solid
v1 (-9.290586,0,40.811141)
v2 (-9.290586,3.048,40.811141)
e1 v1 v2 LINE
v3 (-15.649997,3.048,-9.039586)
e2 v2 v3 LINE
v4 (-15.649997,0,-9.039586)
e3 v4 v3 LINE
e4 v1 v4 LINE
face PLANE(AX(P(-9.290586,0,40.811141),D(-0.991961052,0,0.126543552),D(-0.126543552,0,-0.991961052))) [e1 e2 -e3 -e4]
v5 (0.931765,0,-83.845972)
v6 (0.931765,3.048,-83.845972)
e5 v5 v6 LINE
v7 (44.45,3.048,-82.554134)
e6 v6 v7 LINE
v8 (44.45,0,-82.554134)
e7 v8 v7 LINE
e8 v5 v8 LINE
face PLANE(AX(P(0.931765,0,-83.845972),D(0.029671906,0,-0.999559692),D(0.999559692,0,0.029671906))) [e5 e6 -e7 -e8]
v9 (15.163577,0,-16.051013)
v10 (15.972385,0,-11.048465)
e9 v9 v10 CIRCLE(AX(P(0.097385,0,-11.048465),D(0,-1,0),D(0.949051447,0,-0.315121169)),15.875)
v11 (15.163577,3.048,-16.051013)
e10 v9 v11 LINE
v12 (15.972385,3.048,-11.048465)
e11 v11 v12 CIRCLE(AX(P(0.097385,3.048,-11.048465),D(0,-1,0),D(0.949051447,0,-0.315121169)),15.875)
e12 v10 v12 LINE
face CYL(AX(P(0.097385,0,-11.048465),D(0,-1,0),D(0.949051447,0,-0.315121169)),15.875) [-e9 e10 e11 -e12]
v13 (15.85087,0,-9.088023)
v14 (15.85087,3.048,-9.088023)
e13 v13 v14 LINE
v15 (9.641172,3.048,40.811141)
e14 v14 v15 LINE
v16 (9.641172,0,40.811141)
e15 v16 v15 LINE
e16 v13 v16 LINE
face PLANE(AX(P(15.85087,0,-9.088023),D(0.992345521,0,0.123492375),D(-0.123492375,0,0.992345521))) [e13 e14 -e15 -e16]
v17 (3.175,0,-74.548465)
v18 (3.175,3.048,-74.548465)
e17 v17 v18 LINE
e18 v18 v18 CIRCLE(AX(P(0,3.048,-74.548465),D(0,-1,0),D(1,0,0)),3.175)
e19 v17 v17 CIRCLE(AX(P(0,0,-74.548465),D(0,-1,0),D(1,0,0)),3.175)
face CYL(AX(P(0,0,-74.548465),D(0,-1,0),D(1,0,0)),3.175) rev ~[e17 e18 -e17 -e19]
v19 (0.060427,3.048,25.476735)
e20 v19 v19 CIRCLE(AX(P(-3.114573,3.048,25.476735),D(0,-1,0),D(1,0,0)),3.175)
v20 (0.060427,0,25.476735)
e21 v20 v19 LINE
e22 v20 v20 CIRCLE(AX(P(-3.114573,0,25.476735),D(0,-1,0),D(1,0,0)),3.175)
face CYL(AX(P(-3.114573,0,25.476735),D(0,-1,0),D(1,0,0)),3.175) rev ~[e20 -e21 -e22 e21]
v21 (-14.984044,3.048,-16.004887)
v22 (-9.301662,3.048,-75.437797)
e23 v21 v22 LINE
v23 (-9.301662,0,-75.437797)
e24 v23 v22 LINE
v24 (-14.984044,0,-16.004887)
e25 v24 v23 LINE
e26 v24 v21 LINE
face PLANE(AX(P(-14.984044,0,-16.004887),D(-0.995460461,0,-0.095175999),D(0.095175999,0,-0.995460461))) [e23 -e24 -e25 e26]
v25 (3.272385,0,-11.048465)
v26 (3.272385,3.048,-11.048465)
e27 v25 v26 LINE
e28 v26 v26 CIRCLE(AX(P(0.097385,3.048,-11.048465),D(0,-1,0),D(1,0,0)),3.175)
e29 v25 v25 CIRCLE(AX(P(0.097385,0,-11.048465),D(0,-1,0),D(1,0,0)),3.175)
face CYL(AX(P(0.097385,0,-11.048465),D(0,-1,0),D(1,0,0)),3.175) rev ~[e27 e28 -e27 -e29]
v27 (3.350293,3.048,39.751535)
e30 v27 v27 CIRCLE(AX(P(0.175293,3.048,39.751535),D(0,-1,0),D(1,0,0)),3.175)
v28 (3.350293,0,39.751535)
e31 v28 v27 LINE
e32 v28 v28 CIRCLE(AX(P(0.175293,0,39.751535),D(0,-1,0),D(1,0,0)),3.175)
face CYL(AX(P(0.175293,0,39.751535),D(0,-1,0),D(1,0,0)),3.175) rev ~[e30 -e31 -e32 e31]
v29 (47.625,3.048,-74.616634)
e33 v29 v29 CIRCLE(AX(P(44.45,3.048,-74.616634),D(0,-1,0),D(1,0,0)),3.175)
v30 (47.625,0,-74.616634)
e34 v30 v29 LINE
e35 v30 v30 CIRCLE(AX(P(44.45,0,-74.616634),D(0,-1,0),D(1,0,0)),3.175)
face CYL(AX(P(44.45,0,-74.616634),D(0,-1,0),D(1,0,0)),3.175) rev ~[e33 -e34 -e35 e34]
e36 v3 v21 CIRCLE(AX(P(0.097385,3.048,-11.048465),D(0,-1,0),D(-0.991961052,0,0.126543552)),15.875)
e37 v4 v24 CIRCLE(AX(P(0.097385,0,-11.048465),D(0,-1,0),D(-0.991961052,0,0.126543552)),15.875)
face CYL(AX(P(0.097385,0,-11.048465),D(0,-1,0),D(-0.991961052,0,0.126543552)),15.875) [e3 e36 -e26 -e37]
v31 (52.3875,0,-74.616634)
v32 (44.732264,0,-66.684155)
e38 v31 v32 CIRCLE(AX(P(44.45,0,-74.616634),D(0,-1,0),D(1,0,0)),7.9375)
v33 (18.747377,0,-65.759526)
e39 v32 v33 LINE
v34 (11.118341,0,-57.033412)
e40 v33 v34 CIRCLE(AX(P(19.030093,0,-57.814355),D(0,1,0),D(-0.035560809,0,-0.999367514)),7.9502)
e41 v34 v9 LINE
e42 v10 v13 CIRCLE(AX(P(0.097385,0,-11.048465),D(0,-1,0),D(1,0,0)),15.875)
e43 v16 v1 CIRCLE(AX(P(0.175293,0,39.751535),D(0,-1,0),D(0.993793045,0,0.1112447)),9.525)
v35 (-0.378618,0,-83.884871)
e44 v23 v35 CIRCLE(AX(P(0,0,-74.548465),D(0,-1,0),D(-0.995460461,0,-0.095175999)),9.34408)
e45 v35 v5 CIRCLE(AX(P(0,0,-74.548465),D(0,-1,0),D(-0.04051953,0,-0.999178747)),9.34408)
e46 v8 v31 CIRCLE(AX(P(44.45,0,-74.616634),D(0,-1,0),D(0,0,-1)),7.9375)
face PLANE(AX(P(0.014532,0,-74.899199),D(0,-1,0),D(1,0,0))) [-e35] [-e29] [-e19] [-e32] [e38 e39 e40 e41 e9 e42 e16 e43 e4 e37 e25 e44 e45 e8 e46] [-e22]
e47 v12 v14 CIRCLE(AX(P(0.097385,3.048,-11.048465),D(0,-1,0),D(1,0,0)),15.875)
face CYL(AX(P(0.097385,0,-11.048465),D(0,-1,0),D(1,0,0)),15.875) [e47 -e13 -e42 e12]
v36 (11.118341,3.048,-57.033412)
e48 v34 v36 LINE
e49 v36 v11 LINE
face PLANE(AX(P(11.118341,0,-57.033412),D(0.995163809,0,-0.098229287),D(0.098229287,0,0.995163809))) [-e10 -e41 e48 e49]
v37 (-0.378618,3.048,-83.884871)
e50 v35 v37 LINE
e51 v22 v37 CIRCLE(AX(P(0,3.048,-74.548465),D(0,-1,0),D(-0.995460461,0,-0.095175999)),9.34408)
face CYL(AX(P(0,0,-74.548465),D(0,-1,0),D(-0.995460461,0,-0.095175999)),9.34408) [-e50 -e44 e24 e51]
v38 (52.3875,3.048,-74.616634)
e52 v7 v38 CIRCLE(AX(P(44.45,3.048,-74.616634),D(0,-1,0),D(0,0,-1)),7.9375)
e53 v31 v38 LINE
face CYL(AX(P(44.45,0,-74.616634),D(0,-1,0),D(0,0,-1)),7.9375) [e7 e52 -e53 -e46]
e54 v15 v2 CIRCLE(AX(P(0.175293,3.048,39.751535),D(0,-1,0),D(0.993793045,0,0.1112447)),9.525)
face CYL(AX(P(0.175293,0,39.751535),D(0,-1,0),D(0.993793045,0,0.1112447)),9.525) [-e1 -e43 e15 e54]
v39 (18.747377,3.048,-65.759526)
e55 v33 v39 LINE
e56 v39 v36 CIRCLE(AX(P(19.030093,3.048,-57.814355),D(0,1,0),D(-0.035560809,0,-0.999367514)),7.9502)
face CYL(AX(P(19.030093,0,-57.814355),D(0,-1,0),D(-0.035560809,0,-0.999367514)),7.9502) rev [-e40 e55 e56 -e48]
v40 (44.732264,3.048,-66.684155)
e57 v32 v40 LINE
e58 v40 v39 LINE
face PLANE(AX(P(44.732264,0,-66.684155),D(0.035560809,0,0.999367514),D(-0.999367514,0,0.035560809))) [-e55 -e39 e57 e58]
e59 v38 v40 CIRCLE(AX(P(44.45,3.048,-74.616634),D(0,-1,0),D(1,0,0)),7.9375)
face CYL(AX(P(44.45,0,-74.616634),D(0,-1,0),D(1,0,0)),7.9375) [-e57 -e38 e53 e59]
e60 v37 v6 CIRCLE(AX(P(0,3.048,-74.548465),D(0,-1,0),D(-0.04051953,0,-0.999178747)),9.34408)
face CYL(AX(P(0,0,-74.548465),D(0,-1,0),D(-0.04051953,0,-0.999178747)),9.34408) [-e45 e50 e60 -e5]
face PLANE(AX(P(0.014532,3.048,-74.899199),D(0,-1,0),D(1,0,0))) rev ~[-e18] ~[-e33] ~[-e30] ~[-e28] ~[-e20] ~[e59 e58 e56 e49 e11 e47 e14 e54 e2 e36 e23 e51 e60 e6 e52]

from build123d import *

# Parameters (mm, degrees)
F0_R     = 3.175
F1_DEPTH = 3.048


with BuildPart() as f1:
    # F0 (on Front) → F1 (new body)
    with BuildSketch(Plane.XZ):
        with BuildLine():
            ThreePointArc((0.9317650018, -83.8459721666), (6.9288640955, -80.8176490707), (9.3440798747, -74.5484648293))
            ThreePointArc((9.3440798747, -74.5484648293), (-0.4451715738, -65.2149954328), (-9.3016620588, -75.4377969659))
            ThreePointArc((-9.3016620588, -75.4377969659), (-6.4238009338, -81.334230097), (-0.3786177199, -83.884870847))
            Line((-0.3786177199, -83.884870847), (0.9317650018, -83.8459721666))
        make_face()
        with Locations((0, -74.5484648293)):
            Circle(F0_R, mode=Mode.SUBTRACT)
        with BuildLine():
            ThreePointArc((-9.3016620588, -75.4377969659), (-0.4451715738, -65.2149954328), (9.3440798747, -74.5484648293))
            ThreePointArc((9.3440798747, -74.5484648293), (6.9288640955, -80.8176490707), (0.9317650018, -83.8459721666))
            Line((0.9317650018, -83.8459721666), (44.45, -82.554134379))
            ThreePointArc((44.45, -82.554134379), (36.5137551878, -74.4754800988), (44.7322639179, -66.6841547333))
            Line((44.7322639179, -66.6841547333), (18.7473772034, -65.7595263374))
            ThreePointArc((18.7473772034, -65.7595263374), (13.0448117515, -63.0471447529), (11.1183414278, -57.0334122443))
            Line((11.1183414278, -57.0334122443), (15.1635767889, -16.051013392))
            ThreePointArc((15.1635767889, -16.051013392), (0.0730961046, -26.9234462481), (-14.9840440257, -16.004887067))
            Line((-14.9840440257, -16.004887067), (-9.3016620588, -75.4377969659))
        make_face()
        with BuildLine():
            ThreePointArc((-0.3786177199, -83.884870847), (0.2772566603, -83.8884304315), (0.9317650018, -83.8459721666))
            Line((0.9317650018, -83.8459721666), (-0.3786177199, -83.884870847))
        make_face()
        with BuildLine():
            Line((-15.6499966361, -9.0395859455), (-14.9840440257, -16.004887067))
            ThreePointArc((-14.9840440257, -16.004887067), (0.0730961046, -26.9234462481), (15.1635767889, -16.051013392))
            Line((15.1635767889, -16.051013392), (15.8508702184, -9.0880233702))
            ThreePointArc((15.8508702184, -9.0880233702), (0.1217952948, 4.8265164035), (-15.6499966361, -9.0395859455))
        make_face()
        with Locations((0.0973850711, -11.0484648293)):
            Circle(F0_R, mode=Mode.SUBTRACT)
        with BuildLine():
            ThreePointArc((-15.6499966361, -9.0395859455), (-15.7055497457, -12.5593838131), (-14.9840440257, -16.004887067))
            Line((-14.9840440257, -16.004887067), (-15.6499966361, -9.0395859455))
        make_face()
        with BuildLine():
            ThreePointArc((44.7322639179, -66.6841547333), (36.5137551878, -74.4754800988), (44.45, -82.554134379))
            ThreePointArc((44.45, -82.554134379), (50.0626600757, -80.2292944547), (52.3875, -74.616634379))
            ThreePointArc((52.3875, -74.616634379), (50.1615836726, -69.1046730039), (44.7322639179, -66.6841547333))
        make_face()
        with Locations((44.45, -74.616634379)):
            Circle(F0_R, mode=Mode.SUBTRACT)
        with BuildLine():
            Line((-9.2905856273, 40.8111409425), (-15.6499966361, -9.0395859455))
            ThreePointArc((-15.6499966361, -9.0395859455), (0.1217952948, 4.8265164035), (15.8508702184, -9.0880233702))
            Line((15.8508702184, -9.0880233702), (9.6411718832, 40.8111409425))
            ThreePointArc((9.6411718832, 40.8111409425), (9.6855013313, 40.2821620908), (9.7002931279, 39.7515351707))
            ThreePointArc((9.7002931279, 39.7515351707), (-0.3553337921, 30.2413269673), (-9.2905856273, 40.8111409425))
        make_face()
        with Locations((-3.1145731919, 25.4767351707)):
            Circle(F0_R, mode=Mode.SUBTRACT)
        with BuildLine():
            Line((15.8508702184, -9.0880233702), (15.1635767889, -16.051013392))
            ThreePointArc((15.1635767889, -16.051013392), (15.7688785947, -13.5822200937), (15.9723850711, -11.0484648293))
            ThreePointArc((15.9723850711, -11.0484648293), (15.9419772355, -10.0663629285), (15.8508702184, -9.0880233702))
        make_face()
        with BuildLine():
            ThreePointArc((9.6411718832, 40.8111409425), (0.1752931279, 49.2765351707), (-9.2905856273, 40.8111409425))
            ThreePointArc((-9.2905856273, 40.8111409425), (-0.3553337921, 30.2413269673), (9.7002931279, 39.7515351707))
            ThreePointArc((9.7002931279, 39.7515351707), (9.6855013313, 40.2821620908), (9.6411718832, 40.8111409425))
        make_face()
        with Locations((0.1752931279, 39.7515351707)):
            Circle(F0_R, mode=Mode.SUBTRACT)
    extrude(amount=-F1_DEPTH)


solid = f1.part
